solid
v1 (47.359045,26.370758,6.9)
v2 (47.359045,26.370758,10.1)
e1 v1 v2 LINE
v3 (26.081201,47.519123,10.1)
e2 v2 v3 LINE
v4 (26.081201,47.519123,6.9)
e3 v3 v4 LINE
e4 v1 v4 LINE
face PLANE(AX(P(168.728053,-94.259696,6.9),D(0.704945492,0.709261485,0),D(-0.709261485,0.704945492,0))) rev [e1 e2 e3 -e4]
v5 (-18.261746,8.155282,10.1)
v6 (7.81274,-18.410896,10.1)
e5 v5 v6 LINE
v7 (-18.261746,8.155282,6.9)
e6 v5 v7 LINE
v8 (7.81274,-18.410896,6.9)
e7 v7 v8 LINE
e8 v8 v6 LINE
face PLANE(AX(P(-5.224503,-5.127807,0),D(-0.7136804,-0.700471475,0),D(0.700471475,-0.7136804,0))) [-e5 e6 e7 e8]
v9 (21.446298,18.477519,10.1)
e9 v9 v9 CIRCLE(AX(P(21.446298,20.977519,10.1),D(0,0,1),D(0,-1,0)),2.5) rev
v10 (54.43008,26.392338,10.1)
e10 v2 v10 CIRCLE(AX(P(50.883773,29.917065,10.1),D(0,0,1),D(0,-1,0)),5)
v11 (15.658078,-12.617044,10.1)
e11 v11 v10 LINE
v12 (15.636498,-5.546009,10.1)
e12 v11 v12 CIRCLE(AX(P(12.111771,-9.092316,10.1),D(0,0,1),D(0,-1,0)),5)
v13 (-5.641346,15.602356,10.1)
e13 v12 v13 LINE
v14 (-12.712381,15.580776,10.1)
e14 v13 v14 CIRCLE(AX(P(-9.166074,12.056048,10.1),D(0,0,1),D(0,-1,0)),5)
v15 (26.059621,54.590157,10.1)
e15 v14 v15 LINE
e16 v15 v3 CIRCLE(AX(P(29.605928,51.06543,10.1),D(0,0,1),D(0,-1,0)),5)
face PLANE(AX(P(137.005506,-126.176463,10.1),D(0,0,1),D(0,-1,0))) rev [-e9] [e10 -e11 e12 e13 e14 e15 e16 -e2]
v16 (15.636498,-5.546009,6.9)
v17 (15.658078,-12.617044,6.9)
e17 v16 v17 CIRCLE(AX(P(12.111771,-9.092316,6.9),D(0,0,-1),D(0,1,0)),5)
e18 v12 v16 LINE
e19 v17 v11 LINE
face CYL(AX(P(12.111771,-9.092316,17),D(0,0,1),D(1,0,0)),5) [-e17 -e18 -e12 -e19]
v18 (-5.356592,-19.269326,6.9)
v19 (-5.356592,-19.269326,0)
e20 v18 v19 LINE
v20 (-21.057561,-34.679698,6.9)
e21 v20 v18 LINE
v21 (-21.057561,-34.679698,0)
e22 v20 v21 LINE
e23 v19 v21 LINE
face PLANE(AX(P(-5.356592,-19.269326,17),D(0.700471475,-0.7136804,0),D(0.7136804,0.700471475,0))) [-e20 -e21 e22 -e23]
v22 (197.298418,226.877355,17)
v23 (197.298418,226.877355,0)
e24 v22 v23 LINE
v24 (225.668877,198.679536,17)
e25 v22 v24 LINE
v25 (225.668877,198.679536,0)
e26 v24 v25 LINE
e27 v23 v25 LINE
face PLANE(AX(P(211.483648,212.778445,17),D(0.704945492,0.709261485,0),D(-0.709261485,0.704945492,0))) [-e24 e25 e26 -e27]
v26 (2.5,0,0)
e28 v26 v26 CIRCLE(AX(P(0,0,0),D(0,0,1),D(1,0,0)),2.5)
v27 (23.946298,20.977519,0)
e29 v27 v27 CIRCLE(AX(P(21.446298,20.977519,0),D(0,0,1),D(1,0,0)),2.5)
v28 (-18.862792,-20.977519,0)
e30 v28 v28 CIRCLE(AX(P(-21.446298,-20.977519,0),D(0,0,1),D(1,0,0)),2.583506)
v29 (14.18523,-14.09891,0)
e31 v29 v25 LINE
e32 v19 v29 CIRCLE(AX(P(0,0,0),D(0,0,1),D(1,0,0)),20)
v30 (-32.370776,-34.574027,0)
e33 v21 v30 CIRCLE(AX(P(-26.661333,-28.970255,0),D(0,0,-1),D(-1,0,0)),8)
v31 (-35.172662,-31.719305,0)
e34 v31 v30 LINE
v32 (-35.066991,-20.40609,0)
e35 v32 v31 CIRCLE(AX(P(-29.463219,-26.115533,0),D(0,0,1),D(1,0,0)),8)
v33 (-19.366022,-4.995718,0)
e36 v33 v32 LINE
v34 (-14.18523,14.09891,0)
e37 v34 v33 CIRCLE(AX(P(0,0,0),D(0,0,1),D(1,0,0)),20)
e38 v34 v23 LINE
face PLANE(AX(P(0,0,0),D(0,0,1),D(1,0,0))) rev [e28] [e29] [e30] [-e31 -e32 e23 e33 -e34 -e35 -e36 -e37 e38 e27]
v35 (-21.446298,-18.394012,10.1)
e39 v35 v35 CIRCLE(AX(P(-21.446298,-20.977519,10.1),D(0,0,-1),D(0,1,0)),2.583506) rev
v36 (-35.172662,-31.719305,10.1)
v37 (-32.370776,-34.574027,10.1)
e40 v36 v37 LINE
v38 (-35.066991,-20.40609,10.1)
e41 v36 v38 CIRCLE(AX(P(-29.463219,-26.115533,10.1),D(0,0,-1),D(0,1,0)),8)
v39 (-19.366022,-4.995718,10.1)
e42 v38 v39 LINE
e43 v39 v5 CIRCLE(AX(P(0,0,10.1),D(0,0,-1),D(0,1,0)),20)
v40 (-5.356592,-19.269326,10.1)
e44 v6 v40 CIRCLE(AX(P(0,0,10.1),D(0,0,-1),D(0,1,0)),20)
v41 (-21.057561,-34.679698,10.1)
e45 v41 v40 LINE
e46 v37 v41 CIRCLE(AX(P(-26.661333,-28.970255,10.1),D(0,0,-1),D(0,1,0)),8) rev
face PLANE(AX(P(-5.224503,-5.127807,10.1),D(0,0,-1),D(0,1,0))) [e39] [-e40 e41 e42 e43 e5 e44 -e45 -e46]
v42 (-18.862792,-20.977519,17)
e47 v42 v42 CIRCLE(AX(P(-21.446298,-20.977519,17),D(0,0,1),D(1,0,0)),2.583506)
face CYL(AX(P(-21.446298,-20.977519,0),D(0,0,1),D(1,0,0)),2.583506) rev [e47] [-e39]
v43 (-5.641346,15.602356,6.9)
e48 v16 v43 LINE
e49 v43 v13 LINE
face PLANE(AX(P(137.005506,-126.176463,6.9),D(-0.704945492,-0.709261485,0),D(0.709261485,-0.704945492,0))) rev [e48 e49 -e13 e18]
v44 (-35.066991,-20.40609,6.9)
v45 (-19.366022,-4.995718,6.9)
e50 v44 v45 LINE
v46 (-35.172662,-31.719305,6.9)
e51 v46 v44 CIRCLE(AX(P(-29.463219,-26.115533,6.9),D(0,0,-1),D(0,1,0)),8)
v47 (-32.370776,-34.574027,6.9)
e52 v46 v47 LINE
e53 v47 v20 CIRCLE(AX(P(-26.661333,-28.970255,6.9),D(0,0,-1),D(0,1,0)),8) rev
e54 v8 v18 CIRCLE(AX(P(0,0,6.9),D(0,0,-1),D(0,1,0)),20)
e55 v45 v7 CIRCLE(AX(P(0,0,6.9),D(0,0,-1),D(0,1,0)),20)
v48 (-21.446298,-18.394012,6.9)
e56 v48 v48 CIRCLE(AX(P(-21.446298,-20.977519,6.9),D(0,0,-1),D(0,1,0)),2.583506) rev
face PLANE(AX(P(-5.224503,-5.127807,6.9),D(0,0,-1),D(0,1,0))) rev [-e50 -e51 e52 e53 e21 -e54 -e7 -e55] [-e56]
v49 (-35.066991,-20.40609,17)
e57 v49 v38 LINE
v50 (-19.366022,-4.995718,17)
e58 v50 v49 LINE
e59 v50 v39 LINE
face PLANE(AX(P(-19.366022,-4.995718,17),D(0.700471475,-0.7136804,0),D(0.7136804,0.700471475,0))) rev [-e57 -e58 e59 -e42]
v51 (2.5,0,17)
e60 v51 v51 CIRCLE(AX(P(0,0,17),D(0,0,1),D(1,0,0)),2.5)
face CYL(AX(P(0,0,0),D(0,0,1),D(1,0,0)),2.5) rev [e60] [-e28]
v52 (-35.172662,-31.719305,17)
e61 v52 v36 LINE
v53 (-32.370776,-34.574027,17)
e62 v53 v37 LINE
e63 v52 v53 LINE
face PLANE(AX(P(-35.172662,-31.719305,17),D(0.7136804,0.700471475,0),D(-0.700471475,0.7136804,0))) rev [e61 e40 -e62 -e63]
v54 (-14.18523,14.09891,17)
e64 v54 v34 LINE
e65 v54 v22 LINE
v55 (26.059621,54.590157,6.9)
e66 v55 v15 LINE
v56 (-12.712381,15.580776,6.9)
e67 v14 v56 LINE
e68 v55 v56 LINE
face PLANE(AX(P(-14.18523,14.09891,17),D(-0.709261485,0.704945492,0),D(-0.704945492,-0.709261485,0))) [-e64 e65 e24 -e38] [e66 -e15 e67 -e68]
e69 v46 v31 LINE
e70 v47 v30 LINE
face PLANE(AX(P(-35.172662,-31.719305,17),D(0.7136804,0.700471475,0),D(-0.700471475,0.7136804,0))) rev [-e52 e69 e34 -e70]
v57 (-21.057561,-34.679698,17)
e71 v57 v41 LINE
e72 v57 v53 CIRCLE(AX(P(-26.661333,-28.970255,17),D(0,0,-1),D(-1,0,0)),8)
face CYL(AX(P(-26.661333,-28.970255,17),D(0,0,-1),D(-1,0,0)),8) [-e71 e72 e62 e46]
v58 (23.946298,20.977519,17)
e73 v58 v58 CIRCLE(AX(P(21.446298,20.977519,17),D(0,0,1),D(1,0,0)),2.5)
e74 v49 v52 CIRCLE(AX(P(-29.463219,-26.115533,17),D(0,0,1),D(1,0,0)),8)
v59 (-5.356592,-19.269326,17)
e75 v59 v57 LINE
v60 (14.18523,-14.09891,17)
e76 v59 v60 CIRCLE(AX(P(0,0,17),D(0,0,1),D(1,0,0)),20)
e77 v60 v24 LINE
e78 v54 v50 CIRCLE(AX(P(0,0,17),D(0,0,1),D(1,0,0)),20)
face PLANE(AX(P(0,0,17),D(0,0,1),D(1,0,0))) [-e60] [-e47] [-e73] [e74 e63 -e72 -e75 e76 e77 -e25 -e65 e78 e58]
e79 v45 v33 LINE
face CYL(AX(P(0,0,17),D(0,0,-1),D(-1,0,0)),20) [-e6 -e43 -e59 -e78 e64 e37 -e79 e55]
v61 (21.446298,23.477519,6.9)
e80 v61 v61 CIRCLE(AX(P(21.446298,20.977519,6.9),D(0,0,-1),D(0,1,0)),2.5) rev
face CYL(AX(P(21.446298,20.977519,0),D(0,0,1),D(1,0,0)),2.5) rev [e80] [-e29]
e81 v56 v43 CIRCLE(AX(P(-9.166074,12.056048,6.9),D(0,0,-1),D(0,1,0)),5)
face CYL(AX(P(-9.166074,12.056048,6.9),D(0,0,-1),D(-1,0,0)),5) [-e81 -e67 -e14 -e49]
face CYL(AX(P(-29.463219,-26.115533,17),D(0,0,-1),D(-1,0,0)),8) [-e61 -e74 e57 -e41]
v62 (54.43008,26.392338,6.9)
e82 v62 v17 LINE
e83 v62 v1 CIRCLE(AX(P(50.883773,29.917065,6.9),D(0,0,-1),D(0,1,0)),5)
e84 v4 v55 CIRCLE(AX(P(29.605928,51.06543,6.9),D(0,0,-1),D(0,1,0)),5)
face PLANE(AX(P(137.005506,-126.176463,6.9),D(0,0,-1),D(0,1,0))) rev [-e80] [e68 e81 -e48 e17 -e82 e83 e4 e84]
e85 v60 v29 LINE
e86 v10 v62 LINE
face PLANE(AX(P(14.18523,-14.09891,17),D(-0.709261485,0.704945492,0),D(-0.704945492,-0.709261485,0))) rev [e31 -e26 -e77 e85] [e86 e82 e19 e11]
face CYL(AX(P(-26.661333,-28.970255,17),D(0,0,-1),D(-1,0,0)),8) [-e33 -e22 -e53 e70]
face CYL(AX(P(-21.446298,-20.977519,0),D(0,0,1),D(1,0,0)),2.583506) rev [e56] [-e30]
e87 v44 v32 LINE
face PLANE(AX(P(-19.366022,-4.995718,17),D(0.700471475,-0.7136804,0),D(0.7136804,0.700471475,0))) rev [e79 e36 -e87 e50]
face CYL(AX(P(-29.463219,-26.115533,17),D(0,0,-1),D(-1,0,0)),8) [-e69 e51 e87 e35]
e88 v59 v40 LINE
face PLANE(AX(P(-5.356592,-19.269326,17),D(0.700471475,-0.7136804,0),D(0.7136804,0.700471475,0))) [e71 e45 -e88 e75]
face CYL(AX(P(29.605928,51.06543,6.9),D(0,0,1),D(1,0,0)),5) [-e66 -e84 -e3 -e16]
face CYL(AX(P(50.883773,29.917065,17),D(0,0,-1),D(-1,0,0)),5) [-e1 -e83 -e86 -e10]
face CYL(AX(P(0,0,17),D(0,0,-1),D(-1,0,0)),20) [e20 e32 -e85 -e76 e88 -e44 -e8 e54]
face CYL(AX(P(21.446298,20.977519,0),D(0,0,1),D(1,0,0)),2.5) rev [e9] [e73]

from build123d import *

# Parameters (mm, degrees)
EXTRUDE_1_DEPTH     = 17
SKETCH_2_R          = 2.5
CUT_EXTRUDE_1_DEPTH = 321.450895562
SKETCH_3_R          = 2.583506321
CUT_EXTRUDE_2_DEPTH = 321.450895562
SKETCH_4_W          = 3.2
SKETCH_4_H          = 25.526459387
SKETCH_4_H_2        = 4
CUT_EXTRUDE_3_DEPTH = 40
SKETCH_5_R          = 2.5
CUT_EXTRUDE_4_DEPTH = 321.450895562
SKETCH_7_W          = 3.2
SKETCH_7_H          = 45
CUT_EXTRUDE_5_DEPTH = 322.082013561
FILLET_1_R          = 5


with BuildPart() as part:
    # 草图1 → 凸台-拉伸1 (new body)
    with BuildSketch(Plane.XY):
        with BuildLine():
            Line((-14.185229692, 14.098909836), (14.185229692, -14.098909836))
            ThreePointArc((14.185229692, -14.098909836), (-14.098909836, -14.185229692), (-14.185229692, 14.098909836))
        make_face()
        Polygon((197.298417852, 226.877355223), (225.668877237, 198.67953555), (14.185229692, -14.098909836), (-14.185229692, 14.098909836), align=None)
        with BuildLine():
            Line((-19.366021875, -4.995717839), (-5.356592379, -19.269325834))
            Line((-5.356592379, -19.269325834), (-21.057561173, -34.67969828))
            ThreePointArc((-21.057561173, -34.67969828), (-26.736053935, -36.969906123), (-32.37077617, -34.57402688))
            Line((-32.37077617, -34.57402688), (-35.172662069, -31.719305281))
            ThreePointArc((-35.172662069, -31.719305281), (-37.462869912, -26.04081252), (-35.06699067, -20.406090285))
            Line((-35.06699067, -20.406090285), (-19.366021875, -4.995717839))
        make_face()
    extrude(amount=EXTRUDE_1_DEPTH)

    # 草图2 → 切除-拉伸1 (cut, through all)
    with BuildSketch(Plane.XY.offset(17)):
        Circle(SKETCH_2_R)
    extrude(amount=-CUT_EXTRUDE_1_DEPTH, mode=Mode.SUBTRACT)

    # 草图3 → 切除-拉伸2 (cut, through all)
    with BuildSketch(Plane.XY.offset(17)):
        with Locations((-21.446298181, -20.977518784)):
            Circle(SKETCH_3_R)
    extrude(amount=-CUT_EXTRUDE_2_DEPTH, mode=Mode.SUBTRACT)

    # 草图4 → 切除-拉伸3 (cut)
    with BuildSketch(Plane(origin=(-33.771719119, -33.146666081, 0), x_dir=(0, 0, 1), z_dir=(-0.7136803997395496, -0.7004714748136406, 0))):
        with Locations((8.5, -14.763229694)):
            Rectangle(SKETCH_4_W, SKETCH_4_H)
        with Locations((8.5, 14.763229694)):
            Rectangle(SKETCH_4_W, SKETCH_4_H)
        with Locations((8.5, 0)):
            Rectangle(SKETCH_4_W, SKETCH_4_H_2)
    extrude(amount=-CUT_EXTRUDE_3_DEPTH, mode=Mode.SUBTRACT)

    # 草图5 → 切除-拉伸4 (cut, through all)
    with BuildSketch(Plane.XY.offset(17)):
        with Locations((21.446298181, 20.977518784)):
            Circle(SKETCH_5_R)
    extrude(amount=-CUT_EXTRUDE_4_DEPTH, mode=Mode.SUBTRACT)

    # 草图7 → 切除-拉伸5 (cut, through all)
    with BuildSketch(Plane(origin=(-14.185229692, 14.098909836, 0), x_dir=(0, 0, 1), z_dir=(-0.7092614846225489, 0.7049454918155146, 0))):
        with Locations((8.5, 29.589308396)):
            Rectangle(SKETCH_7_W, SKETCH_7_H)
    extrude(amount=-CUT_EXTRUDE_5_DEPTH, mode=Mode.SUBTRACT)

    # 圆角1
    fillet_1_edges = [part.edges().sort_by_distance(p)[0] for p in [
        (50.905352818, 22.846030369, 8.5),
        (19.182805686, -9.070736439, 8.5),
        (-9.187653699, 19.127083234, 8.5),
        (22.534893433, 51.043850042, 8.5),
    ]]
    fillet(fillet_1_edges, radius=FILLET_1_R)


solid = part.part
